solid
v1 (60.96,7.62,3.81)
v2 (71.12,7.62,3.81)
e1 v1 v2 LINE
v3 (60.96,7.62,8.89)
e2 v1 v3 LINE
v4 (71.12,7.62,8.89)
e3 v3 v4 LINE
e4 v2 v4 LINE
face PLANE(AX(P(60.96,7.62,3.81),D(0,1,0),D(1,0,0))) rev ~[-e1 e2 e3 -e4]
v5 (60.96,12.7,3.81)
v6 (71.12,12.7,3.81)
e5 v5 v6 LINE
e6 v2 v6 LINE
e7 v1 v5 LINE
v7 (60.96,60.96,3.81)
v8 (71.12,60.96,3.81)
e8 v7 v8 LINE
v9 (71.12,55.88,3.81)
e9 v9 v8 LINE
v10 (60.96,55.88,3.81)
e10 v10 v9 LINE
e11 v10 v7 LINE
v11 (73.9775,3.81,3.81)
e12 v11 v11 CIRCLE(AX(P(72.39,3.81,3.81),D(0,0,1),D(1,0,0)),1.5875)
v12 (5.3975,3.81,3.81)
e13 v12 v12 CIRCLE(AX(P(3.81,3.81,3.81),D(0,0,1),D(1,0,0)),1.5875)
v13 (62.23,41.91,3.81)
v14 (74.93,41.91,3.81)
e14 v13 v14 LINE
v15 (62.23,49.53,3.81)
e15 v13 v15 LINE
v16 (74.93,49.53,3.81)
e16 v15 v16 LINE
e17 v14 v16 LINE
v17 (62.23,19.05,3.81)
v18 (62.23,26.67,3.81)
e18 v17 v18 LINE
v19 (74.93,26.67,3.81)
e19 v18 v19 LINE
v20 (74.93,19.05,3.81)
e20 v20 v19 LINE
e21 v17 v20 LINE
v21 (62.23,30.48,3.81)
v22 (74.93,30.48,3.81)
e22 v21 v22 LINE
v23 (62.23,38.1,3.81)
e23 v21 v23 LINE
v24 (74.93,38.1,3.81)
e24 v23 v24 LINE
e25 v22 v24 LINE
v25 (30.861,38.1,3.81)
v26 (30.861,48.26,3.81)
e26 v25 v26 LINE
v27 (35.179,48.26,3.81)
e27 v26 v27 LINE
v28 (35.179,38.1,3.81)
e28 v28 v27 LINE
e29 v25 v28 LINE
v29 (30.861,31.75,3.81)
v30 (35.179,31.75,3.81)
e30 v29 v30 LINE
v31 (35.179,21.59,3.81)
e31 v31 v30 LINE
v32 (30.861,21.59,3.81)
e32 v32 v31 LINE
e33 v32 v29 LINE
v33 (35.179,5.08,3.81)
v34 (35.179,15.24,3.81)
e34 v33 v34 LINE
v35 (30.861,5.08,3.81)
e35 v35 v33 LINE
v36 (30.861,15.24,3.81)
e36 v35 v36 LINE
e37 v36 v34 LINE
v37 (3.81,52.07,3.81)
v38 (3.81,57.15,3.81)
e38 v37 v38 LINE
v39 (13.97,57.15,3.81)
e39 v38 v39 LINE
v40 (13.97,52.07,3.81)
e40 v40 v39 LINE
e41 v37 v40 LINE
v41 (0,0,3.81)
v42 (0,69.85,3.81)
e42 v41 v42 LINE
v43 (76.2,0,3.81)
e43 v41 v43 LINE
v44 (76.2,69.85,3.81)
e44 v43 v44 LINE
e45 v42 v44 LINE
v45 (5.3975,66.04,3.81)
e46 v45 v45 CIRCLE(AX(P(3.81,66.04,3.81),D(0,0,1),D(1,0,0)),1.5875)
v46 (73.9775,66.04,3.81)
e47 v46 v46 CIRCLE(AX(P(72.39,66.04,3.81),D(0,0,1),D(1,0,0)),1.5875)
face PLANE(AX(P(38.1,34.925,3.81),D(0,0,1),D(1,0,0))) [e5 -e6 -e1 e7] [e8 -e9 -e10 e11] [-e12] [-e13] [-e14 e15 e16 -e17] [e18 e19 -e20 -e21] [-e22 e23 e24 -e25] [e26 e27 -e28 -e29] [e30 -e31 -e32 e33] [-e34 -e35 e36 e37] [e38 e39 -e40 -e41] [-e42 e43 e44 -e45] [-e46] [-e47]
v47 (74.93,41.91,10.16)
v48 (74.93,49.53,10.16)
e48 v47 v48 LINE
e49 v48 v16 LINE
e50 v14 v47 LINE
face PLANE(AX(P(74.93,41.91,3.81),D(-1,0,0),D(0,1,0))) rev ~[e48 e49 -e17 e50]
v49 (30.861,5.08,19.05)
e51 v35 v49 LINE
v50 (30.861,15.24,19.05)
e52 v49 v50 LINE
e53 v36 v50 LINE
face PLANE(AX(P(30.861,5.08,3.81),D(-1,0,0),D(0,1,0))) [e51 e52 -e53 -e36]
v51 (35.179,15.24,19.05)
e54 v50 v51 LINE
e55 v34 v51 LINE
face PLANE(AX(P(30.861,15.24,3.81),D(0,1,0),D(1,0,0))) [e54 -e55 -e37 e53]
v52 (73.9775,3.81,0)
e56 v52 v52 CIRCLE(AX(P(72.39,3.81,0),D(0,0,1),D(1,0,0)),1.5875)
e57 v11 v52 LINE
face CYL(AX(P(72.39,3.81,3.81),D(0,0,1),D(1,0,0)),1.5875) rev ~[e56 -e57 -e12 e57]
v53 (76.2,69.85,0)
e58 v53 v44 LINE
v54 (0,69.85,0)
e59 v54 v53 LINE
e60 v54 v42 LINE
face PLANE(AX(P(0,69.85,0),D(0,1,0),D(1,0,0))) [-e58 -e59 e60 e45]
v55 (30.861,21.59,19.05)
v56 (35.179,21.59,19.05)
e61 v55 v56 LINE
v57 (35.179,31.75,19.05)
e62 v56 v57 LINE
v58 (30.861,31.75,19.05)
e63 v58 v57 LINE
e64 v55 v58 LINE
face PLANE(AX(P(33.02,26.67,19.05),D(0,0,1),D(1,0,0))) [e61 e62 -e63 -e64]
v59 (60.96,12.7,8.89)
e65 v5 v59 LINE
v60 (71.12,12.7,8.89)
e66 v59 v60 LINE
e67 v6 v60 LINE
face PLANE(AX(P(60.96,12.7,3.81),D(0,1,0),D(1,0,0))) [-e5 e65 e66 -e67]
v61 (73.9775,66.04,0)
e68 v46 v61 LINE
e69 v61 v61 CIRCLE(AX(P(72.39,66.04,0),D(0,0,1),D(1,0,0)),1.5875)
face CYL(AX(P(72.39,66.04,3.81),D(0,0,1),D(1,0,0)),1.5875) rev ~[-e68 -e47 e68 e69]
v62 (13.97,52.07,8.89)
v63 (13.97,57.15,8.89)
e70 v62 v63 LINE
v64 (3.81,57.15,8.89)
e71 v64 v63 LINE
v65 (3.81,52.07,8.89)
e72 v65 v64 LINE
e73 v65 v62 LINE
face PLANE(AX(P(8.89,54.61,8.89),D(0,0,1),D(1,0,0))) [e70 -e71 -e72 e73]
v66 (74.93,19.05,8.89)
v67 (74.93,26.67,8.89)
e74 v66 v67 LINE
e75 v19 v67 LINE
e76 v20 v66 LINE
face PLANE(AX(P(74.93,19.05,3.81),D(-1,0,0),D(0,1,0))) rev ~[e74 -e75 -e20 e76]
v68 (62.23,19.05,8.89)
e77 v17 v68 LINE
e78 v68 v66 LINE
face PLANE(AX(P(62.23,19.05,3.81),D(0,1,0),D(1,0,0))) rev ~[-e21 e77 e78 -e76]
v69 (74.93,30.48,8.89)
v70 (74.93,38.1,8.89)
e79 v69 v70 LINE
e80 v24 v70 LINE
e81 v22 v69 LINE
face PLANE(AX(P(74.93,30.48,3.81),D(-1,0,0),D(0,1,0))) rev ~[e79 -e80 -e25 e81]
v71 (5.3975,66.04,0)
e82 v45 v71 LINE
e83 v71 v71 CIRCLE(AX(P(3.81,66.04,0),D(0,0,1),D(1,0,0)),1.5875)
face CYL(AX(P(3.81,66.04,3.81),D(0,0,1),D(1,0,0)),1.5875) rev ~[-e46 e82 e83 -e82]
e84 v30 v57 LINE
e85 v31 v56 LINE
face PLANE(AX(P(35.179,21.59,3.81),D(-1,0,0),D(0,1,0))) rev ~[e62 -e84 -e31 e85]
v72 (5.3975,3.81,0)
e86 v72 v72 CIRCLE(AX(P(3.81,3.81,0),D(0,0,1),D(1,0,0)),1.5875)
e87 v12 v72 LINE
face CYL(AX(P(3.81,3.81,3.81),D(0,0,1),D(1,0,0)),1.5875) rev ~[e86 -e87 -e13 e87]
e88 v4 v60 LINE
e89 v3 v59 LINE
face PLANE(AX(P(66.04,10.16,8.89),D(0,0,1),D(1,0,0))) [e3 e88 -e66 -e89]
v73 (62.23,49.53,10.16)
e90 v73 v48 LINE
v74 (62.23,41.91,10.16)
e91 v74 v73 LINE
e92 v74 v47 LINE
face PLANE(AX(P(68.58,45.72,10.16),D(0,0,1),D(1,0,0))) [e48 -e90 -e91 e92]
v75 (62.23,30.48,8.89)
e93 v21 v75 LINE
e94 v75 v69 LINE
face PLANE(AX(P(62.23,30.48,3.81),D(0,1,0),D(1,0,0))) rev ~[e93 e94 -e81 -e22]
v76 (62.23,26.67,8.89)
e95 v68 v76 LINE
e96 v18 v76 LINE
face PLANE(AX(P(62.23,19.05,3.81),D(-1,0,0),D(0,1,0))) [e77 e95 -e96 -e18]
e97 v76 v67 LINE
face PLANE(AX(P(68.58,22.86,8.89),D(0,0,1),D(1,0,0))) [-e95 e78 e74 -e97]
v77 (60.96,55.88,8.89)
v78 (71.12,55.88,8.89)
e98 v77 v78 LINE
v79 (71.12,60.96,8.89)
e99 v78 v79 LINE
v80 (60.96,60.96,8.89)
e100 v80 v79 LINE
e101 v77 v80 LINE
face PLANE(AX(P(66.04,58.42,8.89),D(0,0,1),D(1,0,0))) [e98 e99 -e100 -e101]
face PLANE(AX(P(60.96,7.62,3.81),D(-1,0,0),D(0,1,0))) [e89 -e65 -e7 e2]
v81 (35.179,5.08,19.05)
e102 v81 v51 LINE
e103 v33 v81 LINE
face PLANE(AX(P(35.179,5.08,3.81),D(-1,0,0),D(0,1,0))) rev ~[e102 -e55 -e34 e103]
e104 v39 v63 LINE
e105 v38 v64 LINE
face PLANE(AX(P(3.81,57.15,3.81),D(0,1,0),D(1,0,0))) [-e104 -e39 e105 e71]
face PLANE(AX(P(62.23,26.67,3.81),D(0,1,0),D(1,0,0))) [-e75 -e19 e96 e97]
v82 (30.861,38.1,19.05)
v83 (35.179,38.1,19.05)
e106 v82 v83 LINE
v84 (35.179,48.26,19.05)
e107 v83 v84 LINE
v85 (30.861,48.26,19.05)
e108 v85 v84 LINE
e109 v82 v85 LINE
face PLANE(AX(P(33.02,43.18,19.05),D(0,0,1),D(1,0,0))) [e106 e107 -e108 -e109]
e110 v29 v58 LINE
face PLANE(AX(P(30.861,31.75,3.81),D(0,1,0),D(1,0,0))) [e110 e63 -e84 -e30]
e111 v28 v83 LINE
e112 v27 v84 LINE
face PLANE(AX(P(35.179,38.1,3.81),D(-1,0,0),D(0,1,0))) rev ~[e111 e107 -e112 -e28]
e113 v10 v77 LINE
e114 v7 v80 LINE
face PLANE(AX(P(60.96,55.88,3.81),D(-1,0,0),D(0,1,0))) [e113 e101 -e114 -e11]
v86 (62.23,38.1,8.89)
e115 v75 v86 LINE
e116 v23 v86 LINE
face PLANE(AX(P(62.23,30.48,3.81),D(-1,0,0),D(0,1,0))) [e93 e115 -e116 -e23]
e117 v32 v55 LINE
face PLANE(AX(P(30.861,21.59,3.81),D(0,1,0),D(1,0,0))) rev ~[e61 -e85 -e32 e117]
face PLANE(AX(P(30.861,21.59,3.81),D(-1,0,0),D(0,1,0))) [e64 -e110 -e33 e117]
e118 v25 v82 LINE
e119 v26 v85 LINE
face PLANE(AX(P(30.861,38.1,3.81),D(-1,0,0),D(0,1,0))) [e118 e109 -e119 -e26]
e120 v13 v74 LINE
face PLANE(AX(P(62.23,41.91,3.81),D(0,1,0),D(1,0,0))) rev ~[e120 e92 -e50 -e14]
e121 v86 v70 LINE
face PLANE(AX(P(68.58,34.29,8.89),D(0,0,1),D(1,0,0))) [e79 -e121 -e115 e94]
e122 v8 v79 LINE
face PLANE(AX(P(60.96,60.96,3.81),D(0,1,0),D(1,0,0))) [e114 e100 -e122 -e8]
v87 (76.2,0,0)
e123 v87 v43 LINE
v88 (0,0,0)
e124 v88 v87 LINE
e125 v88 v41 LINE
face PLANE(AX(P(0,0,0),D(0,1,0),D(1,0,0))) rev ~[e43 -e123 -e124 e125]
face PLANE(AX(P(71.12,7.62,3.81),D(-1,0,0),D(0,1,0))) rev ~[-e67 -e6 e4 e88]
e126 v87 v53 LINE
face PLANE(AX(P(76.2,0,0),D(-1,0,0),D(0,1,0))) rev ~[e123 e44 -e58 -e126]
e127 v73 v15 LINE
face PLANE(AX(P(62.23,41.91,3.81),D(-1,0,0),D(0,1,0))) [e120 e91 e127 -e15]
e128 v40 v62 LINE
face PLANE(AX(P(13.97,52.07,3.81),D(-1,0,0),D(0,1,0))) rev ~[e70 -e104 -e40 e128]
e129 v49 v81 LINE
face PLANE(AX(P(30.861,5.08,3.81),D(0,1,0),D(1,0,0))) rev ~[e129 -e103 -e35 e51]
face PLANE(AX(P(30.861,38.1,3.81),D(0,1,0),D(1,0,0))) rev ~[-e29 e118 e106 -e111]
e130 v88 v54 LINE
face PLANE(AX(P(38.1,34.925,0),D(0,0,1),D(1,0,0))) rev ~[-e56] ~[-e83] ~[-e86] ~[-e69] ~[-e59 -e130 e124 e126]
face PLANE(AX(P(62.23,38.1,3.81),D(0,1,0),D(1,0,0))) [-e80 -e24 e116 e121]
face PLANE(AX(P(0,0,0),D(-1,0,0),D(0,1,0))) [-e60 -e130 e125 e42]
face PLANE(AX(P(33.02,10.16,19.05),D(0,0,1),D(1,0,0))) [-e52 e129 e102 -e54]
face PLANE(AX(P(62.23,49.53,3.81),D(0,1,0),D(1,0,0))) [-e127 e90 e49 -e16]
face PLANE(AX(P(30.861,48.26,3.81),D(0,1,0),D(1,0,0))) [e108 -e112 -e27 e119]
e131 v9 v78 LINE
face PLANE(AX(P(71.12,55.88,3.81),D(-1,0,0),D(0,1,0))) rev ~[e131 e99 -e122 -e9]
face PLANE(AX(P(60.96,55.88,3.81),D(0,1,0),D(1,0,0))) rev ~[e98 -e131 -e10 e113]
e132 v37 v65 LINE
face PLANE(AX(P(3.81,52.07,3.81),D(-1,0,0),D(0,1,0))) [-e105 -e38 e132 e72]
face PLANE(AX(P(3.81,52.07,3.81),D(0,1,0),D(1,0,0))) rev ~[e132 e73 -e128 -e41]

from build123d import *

# Parameters (mm, degrees)
SKETCH1_W           = 76.2
SKETCH1_H           = 69.85
BOSS_EXTRUDE1_DEPTH = 3.81
SKETCH2_R           = 1.5875
CUT_EXTRUDE1_DEPTH  = 104.440700887
SKETCH3_W           = 12.7
SKETCH3_H           = 7.62
BOSS_EXTRUDE2_DEPTH = 6.35
SKETCH3_4_W         = 10.16
SKETCH3_4_H         = 5.08
SKETCH3_4_W_2       = 12.7
SKETCH3_4_H_2       = 7.62
BOSS_EXTRUDE3_DEPTH = 5.08
SKETCH6_W           = 4.318
SKETCH6_H           = 10.16
BOSS_EXTRUDE4_DEPTH = 15.24


with BuildPart() as part:
    # Sketch1 → Boss-Extrude1 (new body)
    with BuildSketch(Plane.XY):
        with Locations((38.1, 34.925)):
            Rectangle(SKETCH1_W, SKETCH1_H)
    extrude(amount=BOSS_EXTRUDE1_DEPTH)

    # Sketch2 → Cut-Extrude1 (cut, through all)
    with BuildSketch(Plane.XY.offset(3.81)):
        with Locations((3.81, 66.04)):
            Circle(SKETCH2_R)
        with Locations((72.39, 66.04)):
            Circle(SKETCH2_R)
        with Locations((72.39, 3.81)):
            Circle(SKETCH2_R)
        with Locations((3.81, 3.81)):
            Circle(SKETCH2_R)
    extrude(amount=-CUT_EXTRUDE1_DEPTH, mode=Mode.SUBTRACT)

    # Sketch3 → Boss-Extrude2 (add)
    with BuildSketch(Plane.XY.offset(3.81)):
        with Locations((68.58, 45.72)):
            Rectangle(SKETCH3_W, SKETCH3_H)
    extrude(amount=BOSS_EXTRUDE2_DEPTH)

    # Sketch3<4> → Boss-Extrude3 (add)
    with BuildSketch(Plane.XY.offset(3.81)):
        with Locations((8.89, 54.61)):
            Rectangle(SKETCH3_4_W, SKETCH3_4_H)
        with Locations((66.04, 58.42)):
            Rectangle(SKETCH3_4_W, SKETCH3_4_H)
        with Locations((68.58, 45.72)):
            Rectangle(SKETCH3_4_W_2, SKETCH3_4_H_2)
        with Locations((68.58, 34.29)):
            Rectangle(SKETCH3_4_W_2, SKETCH3_4_H_2)
        with Locations((68.58, 22.86)):
            Rectangle(SKETCH3_4_W_2, SKETCH3_4_H_2)
        with Locations((66.04, 10.16)):
            Rectangle(SKETCH3_4_W, SKETCH3_4_H)
    extrude(amount=BOSS_EXTRUDE3_DEPTH)

    # Sketch6 → Boss-Extrude4 (add)
    with BuildSketch(Plane.XY.offset(3.81)):
        with Locations((33.02, 43.18)):
            Rectangle(SKETCH6_W, SKETCH6_H)
        with Locations((33.02, 26.67)):
            Rectangle(SKETCH6_W, SKETCH6_H)
        with Locations((33.02, 10.16)):
            Rectangle(SKETCH6_W, SKETCH6_H)
    extrude(amount=BOSS_EXTRUDE4_DEPTH)


solid = part.part
